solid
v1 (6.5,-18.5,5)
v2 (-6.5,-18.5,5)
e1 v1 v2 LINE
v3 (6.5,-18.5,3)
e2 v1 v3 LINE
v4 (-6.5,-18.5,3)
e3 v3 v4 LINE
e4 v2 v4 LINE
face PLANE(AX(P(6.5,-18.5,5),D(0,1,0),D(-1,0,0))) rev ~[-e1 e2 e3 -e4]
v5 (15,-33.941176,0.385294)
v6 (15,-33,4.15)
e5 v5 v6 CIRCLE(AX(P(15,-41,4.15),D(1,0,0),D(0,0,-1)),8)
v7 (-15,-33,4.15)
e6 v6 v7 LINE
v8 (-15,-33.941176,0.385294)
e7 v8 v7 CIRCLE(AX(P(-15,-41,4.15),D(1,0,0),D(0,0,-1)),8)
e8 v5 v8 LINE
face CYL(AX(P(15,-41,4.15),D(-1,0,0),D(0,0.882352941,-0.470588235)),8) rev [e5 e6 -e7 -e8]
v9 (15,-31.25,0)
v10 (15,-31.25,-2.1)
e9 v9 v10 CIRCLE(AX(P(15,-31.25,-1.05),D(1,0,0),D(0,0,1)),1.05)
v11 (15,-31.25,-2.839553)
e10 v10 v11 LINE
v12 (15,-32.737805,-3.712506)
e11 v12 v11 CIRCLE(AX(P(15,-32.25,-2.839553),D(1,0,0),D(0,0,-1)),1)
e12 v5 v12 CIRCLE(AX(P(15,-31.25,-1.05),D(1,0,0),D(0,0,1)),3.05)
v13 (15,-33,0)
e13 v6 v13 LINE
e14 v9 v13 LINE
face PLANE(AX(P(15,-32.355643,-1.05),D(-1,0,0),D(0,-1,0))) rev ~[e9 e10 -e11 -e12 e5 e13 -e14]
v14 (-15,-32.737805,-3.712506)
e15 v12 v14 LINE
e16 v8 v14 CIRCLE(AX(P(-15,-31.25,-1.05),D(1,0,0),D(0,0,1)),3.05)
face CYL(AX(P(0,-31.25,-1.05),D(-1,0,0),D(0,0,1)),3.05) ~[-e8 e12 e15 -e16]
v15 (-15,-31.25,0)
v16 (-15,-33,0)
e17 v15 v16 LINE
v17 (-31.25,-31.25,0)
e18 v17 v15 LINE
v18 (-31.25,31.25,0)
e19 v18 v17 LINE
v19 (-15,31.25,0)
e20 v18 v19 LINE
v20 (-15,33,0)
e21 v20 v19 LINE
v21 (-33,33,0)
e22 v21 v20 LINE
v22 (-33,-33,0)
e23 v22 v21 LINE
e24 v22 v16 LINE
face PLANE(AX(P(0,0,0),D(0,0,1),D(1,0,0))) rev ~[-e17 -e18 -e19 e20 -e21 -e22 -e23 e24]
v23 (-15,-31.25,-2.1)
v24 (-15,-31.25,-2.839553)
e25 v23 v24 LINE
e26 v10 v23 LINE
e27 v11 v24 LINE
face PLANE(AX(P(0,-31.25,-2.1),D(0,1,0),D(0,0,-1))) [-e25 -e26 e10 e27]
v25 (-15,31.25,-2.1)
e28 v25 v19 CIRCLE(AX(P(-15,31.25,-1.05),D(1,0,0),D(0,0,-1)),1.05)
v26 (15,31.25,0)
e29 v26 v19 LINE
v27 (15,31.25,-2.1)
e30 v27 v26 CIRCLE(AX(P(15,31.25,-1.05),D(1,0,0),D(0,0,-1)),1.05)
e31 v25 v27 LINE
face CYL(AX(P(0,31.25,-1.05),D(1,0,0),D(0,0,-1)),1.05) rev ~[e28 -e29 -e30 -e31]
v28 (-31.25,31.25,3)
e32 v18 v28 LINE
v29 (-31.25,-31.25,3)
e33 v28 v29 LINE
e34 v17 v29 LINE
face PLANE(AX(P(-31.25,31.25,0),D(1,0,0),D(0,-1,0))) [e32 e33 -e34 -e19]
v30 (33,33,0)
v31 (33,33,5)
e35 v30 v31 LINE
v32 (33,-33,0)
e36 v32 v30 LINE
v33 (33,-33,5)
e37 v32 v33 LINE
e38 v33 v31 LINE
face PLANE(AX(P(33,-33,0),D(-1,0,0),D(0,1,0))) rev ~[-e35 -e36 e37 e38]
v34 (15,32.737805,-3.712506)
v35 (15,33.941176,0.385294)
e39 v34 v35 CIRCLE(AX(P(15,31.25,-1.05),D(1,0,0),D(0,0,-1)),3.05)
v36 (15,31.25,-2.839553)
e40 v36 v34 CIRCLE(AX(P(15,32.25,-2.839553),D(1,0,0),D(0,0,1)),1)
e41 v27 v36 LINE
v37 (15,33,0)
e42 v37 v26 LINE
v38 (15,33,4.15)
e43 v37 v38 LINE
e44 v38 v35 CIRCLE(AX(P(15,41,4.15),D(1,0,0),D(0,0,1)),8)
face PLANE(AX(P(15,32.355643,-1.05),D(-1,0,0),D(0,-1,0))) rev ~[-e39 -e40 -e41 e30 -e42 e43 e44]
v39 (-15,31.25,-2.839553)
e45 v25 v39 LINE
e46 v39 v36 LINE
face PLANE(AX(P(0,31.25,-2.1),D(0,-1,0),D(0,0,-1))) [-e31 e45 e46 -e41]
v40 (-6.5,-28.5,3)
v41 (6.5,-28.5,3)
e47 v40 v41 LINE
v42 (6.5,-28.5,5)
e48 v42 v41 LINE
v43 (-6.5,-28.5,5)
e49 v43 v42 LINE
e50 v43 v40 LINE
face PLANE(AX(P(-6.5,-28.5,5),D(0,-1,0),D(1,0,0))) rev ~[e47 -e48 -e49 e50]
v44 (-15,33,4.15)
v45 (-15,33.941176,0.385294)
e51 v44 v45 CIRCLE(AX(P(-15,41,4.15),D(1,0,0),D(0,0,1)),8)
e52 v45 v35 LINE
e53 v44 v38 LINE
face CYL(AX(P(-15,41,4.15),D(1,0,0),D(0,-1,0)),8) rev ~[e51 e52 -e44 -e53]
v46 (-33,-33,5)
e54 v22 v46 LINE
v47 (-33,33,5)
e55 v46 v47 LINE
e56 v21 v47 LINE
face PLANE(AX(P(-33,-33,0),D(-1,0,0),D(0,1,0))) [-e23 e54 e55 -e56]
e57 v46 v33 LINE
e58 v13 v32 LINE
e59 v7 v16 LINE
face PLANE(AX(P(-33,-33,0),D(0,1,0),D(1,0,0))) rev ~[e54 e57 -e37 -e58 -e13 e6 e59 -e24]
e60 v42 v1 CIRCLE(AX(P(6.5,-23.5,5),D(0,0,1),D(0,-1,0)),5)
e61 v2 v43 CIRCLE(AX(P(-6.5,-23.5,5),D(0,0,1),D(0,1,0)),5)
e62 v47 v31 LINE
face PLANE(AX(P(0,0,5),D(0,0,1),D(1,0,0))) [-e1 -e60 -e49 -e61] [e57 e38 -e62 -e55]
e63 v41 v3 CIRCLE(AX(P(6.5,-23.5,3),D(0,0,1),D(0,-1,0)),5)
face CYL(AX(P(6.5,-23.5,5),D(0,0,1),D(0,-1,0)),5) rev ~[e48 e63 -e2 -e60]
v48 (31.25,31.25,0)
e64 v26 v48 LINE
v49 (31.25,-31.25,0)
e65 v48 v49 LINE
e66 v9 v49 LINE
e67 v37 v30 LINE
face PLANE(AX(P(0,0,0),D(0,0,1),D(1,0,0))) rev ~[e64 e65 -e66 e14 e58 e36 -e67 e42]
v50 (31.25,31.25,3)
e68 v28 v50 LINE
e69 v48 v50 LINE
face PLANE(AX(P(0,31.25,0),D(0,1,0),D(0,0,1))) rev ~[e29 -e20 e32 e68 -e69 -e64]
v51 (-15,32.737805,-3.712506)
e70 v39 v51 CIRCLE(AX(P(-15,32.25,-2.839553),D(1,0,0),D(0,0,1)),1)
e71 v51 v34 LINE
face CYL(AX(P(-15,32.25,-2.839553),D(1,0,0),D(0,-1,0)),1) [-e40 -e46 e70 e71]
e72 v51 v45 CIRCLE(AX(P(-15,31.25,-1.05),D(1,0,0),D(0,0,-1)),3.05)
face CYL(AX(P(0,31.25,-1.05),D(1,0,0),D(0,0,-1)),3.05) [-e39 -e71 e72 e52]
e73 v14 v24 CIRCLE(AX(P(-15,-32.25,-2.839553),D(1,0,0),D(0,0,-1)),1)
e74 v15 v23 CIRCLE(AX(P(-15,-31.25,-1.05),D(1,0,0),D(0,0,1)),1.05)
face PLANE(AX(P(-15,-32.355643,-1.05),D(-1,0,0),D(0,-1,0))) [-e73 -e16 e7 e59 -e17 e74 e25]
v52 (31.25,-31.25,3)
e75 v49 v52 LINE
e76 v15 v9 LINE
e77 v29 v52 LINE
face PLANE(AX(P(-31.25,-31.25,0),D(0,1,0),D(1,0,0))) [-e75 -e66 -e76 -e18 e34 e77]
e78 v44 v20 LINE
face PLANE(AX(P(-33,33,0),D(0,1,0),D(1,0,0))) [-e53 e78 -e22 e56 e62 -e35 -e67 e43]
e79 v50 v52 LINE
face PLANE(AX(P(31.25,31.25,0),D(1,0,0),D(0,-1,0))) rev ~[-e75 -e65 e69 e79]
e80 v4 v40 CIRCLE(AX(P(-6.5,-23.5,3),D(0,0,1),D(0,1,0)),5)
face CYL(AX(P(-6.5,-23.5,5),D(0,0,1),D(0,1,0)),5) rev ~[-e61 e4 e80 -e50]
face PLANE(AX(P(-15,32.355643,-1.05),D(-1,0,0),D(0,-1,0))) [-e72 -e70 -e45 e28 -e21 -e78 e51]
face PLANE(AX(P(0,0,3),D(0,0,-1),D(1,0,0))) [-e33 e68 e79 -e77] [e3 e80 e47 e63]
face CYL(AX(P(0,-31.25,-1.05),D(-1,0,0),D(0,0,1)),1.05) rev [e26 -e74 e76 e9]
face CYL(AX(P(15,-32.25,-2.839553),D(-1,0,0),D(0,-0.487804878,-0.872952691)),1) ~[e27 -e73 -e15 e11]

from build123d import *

# Parameters (mm, degrees)
SKETCH_W        = 66
SKETCH_H        = 66
PAD_DEPTH       = 5
SKETCH001_W     = 62.5
SKETCH001_H     = 62.5
POCKET_DEPTH    = 3
POCKET001_DEPTH = 2
PAD001_DEPTH    = 15
FILLET_R        = 1
FILLET001_R     = 1
FILLET002_R     = 8
FILLET003_R     = 8


with BuildPart() as part:
    # Sketch → Pad (new body)
    with BuildSketch(Plane.XY):
        Rectangle(SKETCH_W, SKETCH_H)
    extrude(amount=PAD_DEPTH)

    # Sketch001 (on Face5 of Pad) → Pocket (cut)
    with BuildSketch(Plane(origin=(0, 0, 0), x_dir=(1, 0, 0), z_dir=(0, 0, -1))):
        Rectangle(SKETCH001_W, SKETCH001_H)
    extrude(amount=-POCKET_DEPTH, mode=Mode.SUBTRACT)

    # Sketch002 (on Face5 of Pocket) → Pocket001 (cut)
    with BuildSketch(Plane.XY.offset(5)):
        with BuildLine():
            ThreePointArc((-6.5, -18.5), (-11.5, -23.5), (-6.5, -28.5))
            Line((-6.5, -28.5), (6.5, -28.5))
            ThreePointArc((6.5, -28.5), (11.5, -23.5), (6.5, -18.5))
            Line((6.5, -18.5), (-6.5, -18.5))
        make_face()
    extrude(amount=-POCKET001_DEPTH, mode=Mode.SUBTRACT)

    # Sketch003 (on DatumPlane) → Pad001 (join, symmetric)
    with BuildSketch(Plane(origin=(0, -33, 5), x_dir=(0, 1, 0), z_dir=(1, 0, 0))):
        with BuildLine():
            ThreePointArc((1.75, -5), (0.7, -6.05), (1.75, -7.1))
            Line((1.75, -7.1), (1.75, -9.1))
            ThreePointArc((1.75, -3), (-1.3, -6.05), (1.75, -9.1))
            Line((1.75, -5), (1.75, -3))
        make_face()
        with BuildLine():
            ThreePointArc((64.25, -7.1), (65.3, -6.05), (64.25, -5))
            Line((64.25, -5), (64.25, -3))
            ThreePointArc((64.25, -9.1), (67.3, -6.05), (64.25, -3))
            Line((64.25, -7.1), (64.25, -9.1))
        make_face()
    extrude(amount=PAD001_DEPTH, both=True)

    # Fillet
    fillet_edges = [part.edges().sort_by_distance(p)[0] for p in [
        (0, 31.25, -4.1),
    ]]
    fillet(fillet_edges, radius=FILLET_R)

    # Fillet001
    fillet001_edges = [part.edges().sort_by_distance(p)[0] for p in [
        (0, -31.25, -4.1),
    ]]
    fillet(fillet001_edges, radius=FILLET001_R)

    # Fillet002
    fillet002_edges = [part.edges().sort_by_distance(p)[0] for p in [
        (0, -33, 1.447999),
    ]]
    fillet(fillet002_edges, radius=FILLET002_R)

    # Fillet003
    fillet003_edges = [part.edges().sort_by_distance(p)[0] for p in [
        (0, 33, 1.447999),
    ]]
    fillet(fillet003_edges, radius=FILLET003_R)


solid = part.part
